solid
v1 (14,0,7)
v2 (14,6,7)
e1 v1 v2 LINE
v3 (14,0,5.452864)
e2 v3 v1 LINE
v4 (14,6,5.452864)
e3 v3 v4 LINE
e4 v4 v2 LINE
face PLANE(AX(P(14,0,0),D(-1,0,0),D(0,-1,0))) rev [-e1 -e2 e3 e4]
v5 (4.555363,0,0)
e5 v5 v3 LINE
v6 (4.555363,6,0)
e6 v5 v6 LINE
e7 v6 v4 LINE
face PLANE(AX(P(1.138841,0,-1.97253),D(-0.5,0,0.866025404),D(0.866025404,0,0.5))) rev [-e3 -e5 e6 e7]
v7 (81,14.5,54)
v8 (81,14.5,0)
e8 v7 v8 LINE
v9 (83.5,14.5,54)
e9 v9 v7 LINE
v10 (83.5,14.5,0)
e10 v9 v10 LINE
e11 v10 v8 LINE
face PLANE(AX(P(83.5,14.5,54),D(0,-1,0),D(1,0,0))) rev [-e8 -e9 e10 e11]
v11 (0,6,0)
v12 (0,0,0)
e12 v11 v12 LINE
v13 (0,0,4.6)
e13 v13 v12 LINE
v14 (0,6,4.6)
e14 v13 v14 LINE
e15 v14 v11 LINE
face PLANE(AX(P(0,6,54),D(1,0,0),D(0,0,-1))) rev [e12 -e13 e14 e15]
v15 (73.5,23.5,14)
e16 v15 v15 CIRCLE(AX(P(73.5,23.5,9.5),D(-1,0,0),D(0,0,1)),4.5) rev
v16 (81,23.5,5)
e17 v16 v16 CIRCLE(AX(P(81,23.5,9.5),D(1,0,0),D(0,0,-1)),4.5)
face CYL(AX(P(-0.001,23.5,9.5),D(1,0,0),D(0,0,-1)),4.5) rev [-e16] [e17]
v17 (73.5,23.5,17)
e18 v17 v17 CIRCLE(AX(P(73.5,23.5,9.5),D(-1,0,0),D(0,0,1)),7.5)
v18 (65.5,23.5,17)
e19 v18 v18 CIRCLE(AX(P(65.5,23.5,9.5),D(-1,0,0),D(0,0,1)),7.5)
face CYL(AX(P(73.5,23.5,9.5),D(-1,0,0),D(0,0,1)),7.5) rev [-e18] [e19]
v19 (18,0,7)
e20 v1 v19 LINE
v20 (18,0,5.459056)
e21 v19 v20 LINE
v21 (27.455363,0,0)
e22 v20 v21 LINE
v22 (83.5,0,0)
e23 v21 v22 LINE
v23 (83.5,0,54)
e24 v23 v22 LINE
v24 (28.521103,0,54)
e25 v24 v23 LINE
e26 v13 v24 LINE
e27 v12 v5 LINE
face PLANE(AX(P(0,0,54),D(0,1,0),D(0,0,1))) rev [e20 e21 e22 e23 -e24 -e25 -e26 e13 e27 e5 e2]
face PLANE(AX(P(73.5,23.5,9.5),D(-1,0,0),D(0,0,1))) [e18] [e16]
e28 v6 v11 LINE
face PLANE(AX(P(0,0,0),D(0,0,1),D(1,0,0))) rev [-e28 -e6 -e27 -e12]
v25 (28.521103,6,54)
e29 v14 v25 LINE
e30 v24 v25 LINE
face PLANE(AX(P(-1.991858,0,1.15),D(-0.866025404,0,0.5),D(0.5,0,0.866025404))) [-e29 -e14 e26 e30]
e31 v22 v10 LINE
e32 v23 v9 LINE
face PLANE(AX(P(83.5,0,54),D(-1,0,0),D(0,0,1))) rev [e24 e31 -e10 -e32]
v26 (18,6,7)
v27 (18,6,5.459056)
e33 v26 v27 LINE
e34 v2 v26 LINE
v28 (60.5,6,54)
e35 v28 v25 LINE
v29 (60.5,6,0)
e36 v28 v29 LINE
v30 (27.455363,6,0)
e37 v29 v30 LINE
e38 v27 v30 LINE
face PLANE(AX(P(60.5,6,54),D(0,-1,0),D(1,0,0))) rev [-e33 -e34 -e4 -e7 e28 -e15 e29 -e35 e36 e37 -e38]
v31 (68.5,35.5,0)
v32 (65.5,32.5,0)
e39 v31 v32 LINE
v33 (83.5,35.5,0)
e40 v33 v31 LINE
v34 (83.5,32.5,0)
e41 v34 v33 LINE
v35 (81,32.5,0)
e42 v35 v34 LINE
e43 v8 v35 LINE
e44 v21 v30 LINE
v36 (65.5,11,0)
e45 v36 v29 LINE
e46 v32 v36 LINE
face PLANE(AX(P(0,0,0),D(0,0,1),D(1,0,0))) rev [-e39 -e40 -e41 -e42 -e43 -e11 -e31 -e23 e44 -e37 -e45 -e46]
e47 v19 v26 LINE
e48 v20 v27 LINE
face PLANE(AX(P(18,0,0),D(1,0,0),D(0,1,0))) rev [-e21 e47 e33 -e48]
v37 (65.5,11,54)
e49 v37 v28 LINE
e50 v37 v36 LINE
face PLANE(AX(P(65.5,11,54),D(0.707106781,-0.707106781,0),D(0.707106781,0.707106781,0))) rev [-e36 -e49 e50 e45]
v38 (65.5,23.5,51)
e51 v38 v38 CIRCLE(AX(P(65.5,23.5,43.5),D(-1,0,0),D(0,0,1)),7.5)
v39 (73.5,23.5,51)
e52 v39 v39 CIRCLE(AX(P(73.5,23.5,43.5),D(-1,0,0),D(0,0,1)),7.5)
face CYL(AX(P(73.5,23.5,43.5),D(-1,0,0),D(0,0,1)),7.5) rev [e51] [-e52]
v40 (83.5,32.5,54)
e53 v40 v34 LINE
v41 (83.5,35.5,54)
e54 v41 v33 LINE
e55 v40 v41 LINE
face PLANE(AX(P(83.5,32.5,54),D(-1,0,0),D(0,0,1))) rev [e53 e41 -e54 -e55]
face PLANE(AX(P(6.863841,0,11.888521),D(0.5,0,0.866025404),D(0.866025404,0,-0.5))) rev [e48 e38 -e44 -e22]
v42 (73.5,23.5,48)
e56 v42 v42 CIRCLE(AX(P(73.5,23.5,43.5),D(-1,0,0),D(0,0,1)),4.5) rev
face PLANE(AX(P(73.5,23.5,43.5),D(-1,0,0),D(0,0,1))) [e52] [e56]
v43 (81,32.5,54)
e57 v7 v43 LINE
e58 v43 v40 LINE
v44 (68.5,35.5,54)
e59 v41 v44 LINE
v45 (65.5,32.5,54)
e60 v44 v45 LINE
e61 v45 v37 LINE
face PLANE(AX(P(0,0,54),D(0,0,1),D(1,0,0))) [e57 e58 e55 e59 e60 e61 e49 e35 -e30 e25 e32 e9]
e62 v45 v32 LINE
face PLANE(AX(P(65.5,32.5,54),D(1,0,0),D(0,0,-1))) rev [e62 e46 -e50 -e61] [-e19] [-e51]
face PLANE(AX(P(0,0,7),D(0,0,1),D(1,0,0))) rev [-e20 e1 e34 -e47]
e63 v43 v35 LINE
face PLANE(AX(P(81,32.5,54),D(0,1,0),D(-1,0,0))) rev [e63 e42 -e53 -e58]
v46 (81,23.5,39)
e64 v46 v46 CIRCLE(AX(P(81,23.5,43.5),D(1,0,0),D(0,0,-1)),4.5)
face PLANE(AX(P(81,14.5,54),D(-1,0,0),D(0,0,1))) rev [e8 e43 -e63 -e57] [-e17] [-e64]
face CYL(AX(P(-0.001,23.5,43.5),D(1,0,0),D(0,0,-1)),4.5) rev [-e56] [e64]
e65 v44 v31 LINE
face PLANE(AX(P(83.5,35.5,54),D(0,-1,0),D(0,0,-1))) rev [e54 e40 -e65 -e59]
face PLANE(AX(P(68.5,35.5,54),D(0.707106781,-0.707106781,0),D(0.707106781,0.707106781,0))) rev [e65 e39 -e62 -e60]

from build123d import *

# Parameters (mm, degrees)
AUFSATZ_LINEAR_AUSTRAGEN1_DEPTH = 54
SCHNITT_LINEAR_AUSTRAGEN1_DEPTH = 7
SCHNITT_LINEAR_AUSTRAGEN2_DEPTH = 7
SCHNITT_LINEAR_AUSTRAGEN3_REACH = 83
SKIZZE4_R                       = 4.5
SKIZZE5_R                       = 7.5
SCHNITT_LINEAR_AUSTRAGEN4_DEPTH = 8


with BuildPart() as part:
    # Skizze1 → Aufsatz-Linear austragen1 (new body)
    with BuildSketch(Plane.XY):
        Polygon((0, 6), (0, 0), (83.5, 0), (83.5, 14.5), (81, 14.5), (81, 32.5), (83.5, 32.5), (83.5, 35.5), (68.5, 35.5), (65.5, 32.5), (65.5, 11), (60.5, 6), align=None)
    extrude(amount=AUFSATZ_LINEAR_AUSTRAGEN1_DEPTH)

    # Skizze2 → Schnitt-Linear austragen1 (cut, through all)
    with BuildSketch(Plane(origin=(0, 6, 0), x_dir=(1, 0, 0), z_dir=(0, 1, 0))):
        Polygon((28.521103298, -54), (0, -4.6), (0, -54), align=None)
    extrude(amount=-SCHNITT_LINEAR_AUSTRAGEN1_DEPTH, mode=Mode.SUBTRACT)

    # Skizze3 → Schnitt-Linear austragen2 (cut, through all)
    with BuildSketch(Plane(origin=(0, 6, 0), x_dir=(1, 0, 0), z_dir=(0, 1, 0))):
        Polygon((14, -5.452863896), (14, -7), (18, -7), (18, -5.459056191), (27.455362685, 0), (4.555362685, 0), align=None)
    extrude(amount=-SCHNITT_LINEAR_AUSTRAGEN2_DEPTH, mode=Mode.SUBTRACT)

    # Skizze4 → Schnitt-Linear austragen3 (cut, up to next)
    with BuildSketch(Plane(origin=(81, 0, 0), x_dir=(0, 0, -1), z_dir=(1, 0, 0)), mode=Mode.PRIVATE) as schnitt_linear_austragen3_sk1:
        with Locations((-9.5, 23.5)):
            Circle(SKIZZE4_R)
    schnitt_linear_austragen3_tool1 = extrude(schnitt_linear_austragen3_sk1.sketch, amount=-SCHNITT_LINEAR_AUSTRAGEN3_REACH, mode=Mode.PRIVATE) & part.part
    add(schnitt_linear_austragen3_tool1.solids().sort_by_distance((81, 23.5, 9.5))[0], mode=Mode.SUBTRACT)
    # Skizze4 → Schnitt-Linear austragen3 (cut, up to next)
    with BuildSketch(Plane(origin=(81, 0, 0), x_dir=(0, 0, -1), z_dir=(1, 0, 0)), mode=Mode.PRIVATE) as schnitt_linear_austragen3_sk2:
        with Locations((-43.5, 23.5)):
            Circle(SKIZZE4_R)
    schnitt_linear_austragen3_tool2 = extrude(schnitt_linear_austragen3_sk2.sketch, amount=-SCHNITT_LINEAR_AUSTRAGEN3_REACH, mode=Mode.PRIVATE) & part.part
    add(schnitt_linear_austragen3_tool2.solids().sort_by_distance((81, 23.5, 43.5))[0], mode=Mode.SUBTRACT)

    # Skizze5 → Schnitt-Linear austragen4 (cut)
    with BuildSketch(Plane.ZY.offset(-65.5)):
        with Locations((43.5, 23.5)):
            Circle(SKIZZE5_R)
        with Locations((9.5, 23.5)):
            Circle(SKIZZE5_R)
    extrude(amount=-SCHNITT_LINEAR_AUSTRAGEN4_DEPTH, mode=Mode.SUBTRACT)


solid = part.part
